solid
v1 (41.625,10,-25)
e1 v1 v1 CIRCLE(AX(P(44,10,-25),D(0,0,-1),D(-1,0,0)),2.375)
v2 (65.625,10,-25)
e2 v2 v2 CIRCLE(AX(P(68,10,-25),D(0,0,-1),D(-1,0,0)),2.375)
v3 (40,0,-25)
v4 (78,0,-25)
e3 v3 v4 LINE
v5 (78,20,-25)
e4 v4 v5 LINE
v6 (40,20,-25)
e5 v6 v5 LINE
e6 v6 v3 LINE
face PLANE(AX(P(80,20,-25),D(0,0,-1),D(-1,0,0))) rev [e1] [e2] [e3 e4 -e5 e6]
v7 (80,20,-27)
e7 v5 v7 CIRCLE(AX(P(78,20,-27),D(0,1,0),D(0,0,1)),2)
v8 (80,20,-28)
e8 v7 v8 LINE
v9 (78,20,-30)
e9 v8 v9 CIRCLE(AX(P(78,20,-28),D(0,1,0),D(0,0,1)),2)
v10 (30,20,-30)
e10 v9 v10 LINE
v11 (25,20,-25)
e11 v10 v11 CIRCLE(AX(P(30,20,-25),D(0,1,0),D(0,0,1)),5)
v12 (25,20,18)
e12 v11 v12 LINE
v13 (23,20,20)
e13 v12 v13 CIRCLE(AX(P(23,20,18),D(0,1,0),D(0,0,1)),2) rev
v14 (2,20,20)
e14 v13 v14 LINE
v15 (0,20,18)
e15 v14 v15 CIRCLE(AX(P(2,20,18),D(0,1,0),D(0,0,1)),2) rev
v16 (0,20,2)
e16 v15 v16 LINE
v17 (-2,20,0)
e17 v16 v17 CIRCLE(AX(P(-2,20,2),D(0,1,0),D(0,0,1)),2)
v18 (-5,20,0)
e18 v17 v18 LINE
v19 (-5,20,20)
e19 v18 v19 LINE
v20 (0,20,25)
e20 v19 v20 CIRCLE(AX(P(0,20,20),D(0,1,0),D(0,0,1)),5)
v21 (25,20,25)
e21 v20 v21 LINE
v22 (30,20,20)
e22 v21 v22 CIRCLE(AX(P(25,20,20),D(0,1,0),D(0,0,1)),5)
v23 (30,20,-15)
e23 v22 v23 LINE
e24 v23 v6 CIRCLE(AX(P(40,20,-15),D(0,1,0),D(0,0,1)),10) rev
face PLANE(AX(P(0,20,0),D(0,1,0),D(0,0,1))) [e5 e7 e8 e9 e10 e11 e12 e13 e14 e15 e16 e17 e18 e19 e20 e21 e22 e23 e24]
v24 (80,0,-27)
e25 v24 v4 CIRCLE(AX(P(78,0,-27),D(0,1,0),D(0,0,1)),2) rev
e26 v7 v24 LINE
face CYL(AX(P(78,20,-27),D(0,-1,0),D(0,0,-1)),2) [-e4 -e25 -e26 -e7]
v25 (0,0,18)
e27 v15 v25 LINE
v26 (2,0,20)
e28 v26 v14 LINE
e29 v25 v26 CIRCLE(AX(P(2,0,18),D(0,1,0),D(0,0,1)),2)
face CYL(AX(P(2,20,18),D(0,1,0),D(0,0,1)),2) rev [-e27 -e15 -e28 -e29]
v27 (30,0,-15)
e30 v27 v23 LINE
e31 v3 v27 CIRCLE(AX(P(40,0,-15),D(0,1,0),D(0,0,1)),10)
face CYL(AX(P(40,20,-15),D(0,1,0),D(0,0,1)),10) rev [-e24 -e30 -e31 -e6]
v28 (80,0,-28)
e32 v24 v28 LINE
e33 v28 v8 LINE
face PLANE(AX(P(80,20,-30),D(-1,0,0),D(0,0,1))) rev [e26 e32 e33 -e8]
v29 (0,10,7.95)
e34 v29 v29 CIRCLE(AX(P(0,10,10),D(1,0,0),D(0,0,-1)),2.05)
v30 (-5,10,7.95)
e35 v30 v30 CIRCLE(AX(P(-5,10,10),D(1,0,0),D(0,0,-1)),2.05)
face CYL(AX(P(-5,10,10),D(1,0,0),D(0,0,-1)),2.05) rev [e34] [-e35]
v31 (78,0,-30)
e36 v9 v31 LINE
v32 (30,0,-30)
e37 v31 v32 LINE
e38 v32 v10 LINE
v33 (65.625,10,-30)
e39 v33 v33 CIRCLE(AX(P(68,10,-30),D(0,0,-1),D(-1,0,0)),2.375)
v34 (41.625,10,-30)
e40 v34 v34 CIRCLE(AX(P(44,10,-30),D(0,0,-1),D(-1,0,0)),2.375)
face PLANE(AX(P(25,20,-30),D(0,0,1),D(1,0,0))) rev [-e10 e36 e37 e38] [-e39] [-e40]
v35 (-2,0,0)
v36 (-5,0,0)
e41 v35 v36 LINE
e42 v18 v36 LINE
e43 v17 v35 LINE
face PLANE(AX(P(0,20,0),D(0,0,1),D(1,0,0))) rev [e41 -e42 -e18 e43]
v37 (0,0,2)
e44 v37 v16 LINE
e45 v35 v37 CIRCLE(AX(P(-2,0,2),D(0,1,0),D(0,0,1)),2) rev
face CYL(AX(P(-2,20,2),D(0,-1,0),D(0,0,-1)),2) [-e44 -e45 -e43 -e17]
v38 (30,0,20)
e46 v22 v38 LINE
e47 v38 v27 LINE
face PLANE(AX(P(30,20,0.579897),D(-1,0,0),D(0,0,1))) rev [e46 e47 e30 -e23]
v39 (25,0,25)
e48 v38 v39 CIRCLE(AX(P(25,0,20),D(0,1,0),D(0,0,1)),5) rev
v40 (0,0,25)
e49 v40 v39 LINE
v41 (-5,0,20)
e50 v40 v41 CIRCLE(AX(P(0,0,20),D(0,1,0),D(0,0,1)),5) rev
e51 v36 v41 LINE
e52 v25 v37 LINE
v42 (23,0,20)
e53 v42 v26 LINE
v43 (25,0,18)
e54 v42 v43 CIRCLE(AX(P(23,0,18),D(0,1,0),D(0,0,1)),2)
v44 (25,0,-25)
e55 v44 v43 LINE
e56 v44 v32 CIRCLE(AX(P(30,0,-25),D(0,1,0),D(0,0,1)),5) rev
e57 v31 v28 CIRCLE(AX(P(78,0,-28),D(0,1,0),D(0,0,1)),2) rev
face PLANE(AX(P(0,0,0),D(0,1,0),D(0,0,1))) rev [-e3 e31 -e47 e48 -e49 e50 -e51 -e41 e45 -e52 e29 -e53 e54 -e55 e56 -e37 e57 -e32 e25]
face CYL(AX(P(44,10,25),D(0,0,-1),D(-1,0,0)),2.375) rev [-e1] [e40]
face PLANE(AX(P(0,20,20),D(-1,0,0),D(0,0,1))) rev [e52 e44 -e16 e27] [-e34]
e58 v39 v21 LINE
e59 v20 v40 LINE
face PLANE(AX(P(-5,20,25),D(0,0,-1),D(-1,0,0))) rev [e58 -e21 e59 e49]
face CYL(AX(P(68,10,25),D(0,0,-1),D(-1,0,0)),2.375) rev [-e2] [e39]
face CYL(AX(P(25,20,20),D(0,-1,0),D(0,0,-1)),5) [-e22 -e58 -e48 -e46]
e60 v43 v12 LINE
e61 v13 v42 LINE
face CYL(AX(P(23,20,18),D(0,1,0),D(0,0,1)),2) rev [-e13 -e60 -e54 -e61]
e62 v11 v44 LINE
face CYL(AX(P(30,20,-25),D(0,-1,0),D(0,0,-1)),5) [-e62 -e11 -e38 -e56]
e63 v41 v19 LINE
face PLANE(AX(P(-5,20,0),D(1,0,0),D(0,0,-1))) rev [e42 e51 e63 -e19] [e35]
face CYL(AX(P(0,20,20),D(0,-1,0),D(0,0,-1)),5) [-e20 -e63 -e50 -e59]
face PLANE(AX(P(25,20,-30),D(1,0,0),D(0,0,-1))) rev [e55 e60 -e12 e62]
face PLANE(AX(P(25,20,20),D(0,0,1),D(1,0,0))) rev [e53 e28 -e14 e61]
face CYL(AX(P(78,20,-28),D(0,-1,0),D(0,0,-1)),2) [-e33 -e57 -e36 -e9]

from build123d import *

# Parameters (mm, degrees)
BOSS_EXTRUDE1_DEPTH = 20
SKETCH2_R           = 2.05
CUT_EXTRUDE1_DEPTH  = 88.749643874
SKETCH3_R           = 2.375
CUT_EXTRUDE2_DEPTH  = 100.121138008
FILLET1_R           = 10
FILLET2_R           = 5
FILLET3_R           = 2


with BuildPart() as part:
    # Sketch1 → Boss-Extrude1 (new body)
    with BuildSketch(Plane(origin=(0, 0, 0), x_dir=(1, 0, 0), z_dir=(0, 1, 0))):
        Polygon((0, 0), (-5, 0), (-5, -25), (30, -25), (30, -0.579896907), (30, 25), (80, 25), (80, 30), (25, 30), (25, -20), (0, -20), align=None)
    extrude(amount=BOSS_EXTRUDE1_DEPTH)

    # Sketch2 → Cut-Extrude1 (cut, through all)
    with BuildSketch(Plane(origin=(0, 0, 0), x_dir=(0, 0, -1), z_dir=(1, 0, 0))):
        with Locations((-10, 10)):
            Circle(SKETCH2_R)
    extrude(amount=-CUT_EXTRUDE1_DEPTH, mode=Mode.SUBTRACT)

    # Sketch3 → Cut-Extrude2 (cut, through all)
    with BuildSketch(Plane(origin=(0, 0, -30), x_dir=(-1, 0, 0), z_dir=(0, 0, -1))):
        with Locations((-68, 10)):
            Circle(SKETCH3_R)
        with Locations((-44, 10)):
            Circle(SKETCH3_R)
    extrude(amount=-CUT_EXTRUDE2_DEPTH, mode=Mode.SUBTRACT)

    # Fillet1
    fillet1_edges = [part.edges().sort_by_distance(p)[0] for p in [
        (30, 10, -25),
    ]]
    fillet(fillet1_edges, radius=FILLET1_R)

    # Fillet2
    fillet2_edges = [part.edges().sort_by_distance(p)[0] for p in [
        (25, 10, -30),
        (30, 10, 25),
        (-5, 10, 25),
    ]]
    fillet(fillet2_edges, radius=FILLET2_R)

    # Fillet3
    fillet3_edges = [part.edges().sort_by_distance(p)[0] for p in [
        (0, 10, 20),
        (25, 10, 20),
        (80, 10, -30),
        (80, 10, -25),
        (0, 10, 0),
    ]]
    fillet(fillet3_edges, radius=FILLET3_R)


solid = part.part
